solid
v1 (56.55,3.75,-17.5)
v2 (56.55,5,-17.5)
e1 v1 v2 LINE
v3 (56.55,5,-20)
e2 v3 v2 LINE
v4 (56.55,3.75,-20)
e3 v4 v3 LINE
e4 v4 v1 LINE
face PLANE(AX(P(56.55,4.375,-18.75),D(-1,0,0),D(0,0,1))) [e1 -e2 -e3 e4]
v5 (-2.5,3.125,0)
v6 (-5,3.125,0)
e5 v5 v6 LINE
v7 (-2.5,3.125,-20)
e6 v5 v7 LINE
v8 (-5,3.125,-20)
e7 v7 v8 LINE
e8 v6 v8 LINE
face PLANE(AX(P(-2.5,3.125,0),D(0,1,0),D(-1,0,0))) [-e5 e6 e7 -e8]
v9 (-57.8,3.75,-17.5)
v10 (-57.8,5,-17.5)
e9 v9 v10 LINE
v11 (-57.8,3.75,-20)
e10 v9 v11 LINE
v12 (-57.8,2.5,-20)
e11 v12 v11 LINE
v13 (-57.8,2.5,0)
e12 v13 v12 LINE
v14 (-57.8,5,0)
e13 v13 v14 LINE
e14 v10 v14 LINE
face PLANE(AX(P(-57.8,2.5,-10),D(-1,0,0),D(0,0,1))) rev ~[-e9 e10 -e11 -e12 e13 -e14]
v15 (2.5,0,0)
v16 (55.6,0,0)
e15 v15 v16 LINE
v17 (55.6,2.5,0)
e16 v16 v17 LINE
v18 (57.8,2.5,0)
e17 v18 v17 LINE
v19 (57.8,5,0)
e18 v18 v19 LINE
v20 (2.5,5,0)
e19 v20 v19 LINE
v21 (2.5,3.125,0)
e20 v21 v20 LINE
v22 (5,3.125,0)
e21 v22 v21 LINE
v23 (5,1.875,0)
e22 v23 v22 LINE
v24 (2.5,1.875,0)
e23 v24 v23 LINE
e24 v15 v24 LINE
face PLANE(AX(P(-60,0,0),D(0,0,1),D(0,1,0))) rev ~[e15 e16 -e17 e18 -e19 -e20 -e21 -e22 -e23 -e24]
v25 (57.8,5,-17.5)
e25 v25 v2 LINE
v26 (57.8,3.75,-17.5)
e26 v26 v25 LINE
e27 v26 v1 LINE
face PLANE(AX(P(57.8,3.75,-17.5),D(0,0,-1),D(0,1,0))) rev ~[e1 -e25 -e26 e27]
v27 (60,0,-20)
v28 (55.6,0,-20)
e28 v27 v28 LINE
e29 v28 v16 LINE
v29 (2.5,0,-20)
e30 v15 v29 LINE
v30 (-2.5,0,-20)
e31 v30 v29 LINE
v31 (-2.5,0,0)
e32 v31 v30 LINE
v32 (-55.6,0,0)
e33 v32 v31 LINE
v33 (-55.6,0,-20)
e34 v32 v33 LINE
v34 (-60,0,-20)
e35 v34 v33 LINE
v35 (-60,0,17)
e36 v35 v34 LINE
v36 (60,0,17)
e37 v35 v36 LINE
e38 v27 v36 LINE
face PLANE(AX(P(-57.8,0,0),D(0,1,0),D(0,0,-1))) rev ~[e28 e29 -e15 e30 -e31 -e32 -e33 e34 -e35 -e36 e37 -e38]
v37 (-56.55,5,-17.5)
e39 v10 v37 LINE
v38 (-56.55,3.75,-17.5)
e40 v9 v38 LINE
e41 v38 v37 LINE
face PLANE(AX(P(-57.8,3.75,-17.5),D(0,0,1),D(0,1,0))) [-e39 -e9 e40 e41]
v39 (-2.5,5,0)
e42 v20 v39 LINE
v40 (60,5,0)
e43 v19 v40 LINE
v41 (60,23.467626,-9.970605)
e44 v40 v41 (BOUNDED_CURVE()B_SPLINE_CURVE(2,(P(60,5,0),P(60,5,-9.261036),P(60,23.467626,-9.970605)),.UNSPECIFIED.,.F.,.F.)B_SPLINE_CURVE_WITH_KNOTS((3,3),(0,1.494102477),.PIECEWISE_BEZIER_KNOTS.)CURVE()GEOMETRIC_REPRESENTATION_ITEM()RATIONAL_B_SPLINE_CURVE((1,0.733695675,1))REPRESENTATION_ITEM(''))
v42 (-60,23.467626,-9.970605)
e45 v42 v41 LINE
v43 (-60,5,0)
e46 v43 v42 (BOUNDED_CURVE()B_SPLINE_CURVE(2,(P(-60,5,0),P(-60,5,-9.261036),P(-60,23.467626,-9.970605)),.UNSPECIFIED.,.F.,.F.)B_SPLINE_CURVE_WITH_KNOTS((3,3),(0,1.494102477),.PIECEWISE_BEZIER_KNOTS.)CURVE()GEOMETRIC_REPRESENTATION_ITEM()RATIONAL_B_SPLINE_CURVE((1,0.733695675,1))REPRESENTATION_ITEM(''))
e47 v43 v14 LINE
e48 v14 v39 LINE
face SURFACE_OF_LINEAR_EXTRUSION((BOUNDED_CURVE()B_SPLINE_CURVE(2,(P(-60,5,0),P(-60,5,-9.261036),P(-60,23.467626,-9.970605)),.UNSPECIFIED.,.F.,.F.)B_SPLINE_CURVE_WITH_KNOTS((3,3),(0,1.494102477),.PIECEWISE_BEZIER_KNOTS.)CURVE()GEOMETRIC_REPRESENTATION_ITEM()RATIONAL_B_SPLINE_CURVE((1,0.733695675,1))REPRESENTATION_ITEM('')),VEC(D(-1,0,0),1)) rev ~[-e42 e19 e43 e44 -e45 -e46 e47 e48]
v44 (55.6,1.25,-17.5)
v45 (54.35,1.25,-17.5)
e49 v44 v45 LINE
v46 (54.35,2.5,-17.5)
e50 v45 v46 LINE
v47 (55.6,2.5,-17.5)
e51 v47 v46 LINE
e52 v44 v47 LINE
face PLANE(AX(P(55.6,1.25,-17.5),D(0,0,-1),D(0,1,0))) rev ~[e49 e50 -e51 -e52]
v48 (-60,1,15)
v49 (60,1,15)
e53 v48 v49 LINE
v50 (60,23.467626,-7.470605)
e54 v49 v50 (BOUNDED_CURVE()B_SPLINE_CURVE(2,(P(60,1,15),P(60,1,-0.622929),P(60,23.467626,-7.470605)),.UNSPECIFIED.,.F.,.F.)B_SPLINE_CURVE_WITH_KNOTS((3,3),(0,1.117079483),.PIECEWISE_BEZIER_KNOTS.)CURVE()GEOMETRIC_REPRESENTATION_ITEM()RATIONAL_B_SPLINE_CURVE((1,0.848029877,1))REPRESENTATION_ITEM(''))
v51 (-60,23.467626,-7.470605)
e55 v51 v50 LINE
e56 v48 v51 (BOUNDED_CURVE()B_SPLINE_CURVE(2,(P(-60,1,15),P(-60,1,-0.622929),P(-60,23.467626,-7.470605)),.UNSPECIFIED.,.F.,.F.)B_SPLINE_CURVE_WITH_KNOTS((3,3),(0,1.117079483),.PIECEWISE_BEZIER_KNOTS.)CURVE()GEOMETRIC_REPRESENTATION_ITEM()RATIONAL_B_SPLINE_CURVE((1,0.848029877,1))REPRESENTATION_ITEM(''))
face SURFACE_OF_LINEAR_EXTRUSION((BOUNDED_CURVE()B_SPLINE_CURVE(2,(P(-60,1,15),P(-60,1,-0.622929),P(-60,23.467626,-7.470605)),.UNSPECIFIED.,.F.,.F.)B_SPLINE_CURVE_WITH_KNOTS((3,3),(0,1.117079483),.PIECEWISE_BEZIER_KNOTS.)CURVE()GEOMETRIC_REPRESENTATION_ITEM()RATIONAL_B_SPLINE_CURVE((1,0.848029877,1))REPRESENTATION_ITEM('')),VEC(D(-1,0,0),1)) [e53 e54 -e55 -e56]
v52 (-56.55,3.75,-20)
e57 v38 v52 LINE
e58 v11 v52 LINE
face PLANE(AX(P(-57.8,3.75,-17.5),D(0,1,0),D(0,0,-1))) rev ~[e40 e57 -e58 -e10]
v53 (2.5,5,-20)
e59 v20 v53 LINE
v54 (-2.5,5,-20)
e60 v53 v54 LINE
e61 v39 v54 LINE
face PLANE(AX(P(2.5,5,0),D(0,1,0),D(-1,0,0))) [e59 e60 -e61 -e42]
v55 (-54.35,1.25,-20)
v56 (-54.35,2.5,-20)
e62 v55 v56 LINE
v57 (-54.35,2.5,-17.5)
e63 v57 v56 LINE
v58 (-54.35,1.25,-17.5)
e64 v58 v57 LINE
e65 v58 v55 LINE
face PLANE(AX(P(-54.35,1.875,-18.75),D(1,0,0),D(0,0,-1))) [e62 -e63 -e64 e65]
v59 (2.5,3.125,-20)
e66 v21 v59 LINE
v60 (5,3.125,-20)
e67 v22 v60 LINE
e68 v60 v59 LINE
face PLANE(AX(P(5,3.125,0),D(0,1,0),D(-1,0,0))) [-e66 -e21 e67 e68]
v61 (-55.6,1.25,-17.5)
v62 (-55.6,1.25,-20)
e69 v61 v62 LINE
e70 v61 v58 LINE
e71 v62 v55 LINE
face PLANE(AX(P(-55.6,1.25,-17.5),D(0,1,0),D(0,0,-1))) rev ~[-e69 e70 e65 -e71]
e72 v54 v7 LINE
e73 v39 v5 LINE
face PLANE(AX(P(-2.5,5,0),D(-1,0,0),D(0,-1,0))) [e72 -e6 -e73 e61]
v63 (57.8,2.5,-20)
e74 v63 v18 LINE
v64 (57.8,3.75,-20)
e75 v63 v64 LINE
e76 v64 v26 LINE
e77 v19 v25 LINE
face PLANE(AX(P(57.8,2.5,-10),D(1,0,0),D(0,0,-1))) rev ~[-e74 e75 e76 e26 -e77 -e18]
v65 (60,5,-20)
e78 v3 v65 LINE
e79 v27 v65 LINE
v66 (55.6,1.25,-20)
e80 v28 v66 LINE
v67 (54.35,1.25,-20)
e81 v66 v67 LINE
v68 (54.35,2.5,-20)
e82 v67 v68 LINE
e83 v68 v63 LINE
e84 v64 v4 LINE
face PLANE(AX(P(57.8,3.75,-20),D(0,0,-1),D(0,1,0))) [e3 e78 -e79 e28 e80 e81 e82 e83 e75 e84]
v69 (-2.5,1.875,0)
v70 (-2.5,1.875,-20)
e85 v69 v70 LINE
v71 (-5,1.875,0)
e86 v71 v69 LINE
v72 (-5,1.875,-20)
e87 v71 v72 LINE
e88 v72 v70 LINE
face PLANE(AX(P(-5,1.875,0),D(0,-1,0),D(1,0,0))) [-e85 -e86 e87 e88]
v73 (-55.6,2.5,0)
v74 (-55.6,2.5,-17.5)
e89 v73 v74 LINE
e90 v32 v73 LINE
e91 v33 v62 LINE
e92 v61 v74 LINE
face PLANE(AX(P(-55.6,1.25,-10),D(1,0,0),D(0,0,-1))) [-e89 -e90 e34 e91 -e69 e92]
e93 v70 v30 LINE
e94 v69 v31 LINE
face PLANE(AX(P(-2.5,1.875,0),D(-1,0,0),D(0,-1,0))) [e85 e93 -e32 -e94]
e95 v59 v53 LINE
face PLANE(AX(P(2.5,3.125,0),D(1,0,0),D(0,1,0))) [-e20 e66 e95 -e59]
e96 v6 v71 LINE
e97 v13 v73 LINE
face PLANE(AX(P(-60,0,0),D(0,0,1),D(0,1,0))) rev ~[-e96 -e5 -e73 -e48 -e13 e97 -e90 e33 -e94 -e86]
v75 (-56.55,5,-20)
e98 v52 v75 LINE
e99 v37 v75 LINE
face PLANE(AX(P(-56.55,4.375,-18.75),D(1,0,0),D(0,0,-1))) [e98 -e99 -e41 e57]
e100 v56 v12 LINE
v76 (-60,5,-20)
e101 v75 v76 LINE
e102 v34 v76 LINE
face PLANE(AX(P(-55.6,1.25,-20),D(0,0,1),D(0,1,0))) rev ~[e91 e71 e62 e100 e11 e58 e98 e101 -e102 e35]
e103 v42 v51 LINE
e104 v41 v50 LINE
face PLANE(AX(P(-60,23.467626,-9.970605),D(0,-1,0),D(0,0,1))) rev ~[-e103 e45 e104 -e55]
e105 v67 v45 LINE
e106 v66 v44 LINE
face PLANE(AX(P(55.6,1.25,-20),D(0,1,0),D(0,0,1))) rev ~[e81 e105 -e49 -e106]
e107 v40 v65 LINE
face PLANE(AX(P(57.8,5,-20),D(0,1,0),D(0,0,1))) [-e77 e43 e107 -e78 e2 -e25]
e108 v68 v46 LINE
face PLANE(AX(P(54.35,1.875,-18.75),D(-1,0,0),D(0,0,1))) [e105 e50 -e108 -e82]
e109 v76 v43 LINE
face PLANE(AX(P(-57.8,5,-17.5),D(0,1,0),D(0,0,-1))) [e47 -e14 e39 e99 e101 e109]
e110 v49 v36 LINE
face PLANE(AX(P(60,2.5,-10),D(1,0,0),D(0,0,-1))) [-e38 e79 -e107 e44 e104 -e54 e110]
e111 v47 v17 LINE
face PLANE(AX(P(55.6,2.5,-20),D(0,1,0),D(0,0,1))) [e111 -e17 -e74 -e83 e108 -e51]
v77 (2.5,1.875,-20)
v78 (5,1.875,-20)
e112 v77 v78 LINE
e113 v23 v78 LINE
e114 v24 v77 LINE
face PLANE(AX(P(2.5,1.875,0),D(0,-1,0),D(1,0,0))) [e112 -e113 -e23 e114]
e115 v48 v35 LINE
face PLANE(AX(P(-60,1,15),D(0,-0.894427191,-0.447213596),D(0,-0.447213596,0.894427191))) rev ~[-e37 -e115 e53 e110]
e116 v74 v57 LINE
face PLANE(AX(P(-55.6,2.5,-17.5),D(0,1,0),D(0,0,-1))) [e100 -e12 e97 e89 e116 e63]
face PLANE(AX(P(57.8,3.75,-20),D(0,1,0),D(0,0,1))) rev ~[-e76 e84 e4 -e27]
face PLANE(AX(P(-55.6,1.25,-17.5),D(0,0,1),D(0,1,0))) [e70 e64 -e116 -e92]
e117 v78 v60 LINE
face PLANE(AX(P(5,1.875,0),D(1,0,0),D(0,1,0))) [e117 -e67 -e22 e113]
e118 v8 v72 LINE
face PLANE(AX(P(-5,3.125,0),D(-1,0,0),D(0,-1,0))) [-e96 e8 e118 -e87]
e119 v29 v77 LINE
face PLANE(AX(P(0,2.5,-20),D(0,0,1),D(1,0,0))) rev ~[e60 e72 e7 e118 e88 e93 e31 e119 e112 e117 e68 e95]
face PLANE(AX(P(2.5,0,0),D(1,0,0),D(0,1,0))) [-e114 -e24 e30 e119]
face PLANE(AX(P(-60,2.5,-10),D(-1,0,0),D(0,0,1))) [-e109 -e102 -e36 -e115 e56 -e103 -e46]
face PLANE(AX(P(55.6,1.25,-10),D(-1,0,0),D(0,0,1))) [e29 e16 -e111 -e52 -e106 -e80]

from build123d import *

# Parameters (mm, degrees)
CUCHILLA_SALIENTE_DEPTH                  = 60
CUCHILLA_SALIENTE_DEPTH_BACK             = 60
ENCAJE_CUCHILLA_LATERAL_CROQUIS_1_W      = 20
ENCAJE_CUCHILLA_LATERAL_CROQUIS_1_H      = 5
ENCAJE_CUCHILLA_LATERAL_SALIENTE_1_DEPTH = 2.2
ENCAJE_CUCHILLA_LATERAL_CROQUIS_2_W      = 20
ENCAJE_CUCHILLA_LATERAL_CROQUIS_2_H      = 2.5
ENCAJE_CUCHILLA_LATERAL_SALIENTE_2_DEPTH = 2.2
ENCAJE_CUCHILLA_LATERAL_CROQUIS_3_W      = 2.5
ENCAJE_CUCHILLA_LATERAL_CROQUIS_3_H      = 1.25
ENCAJE_CUCHILLA_LATERAL_SALIENTE_3_DEPTH = 1.25
ENCAJE_CUCHILLA_LATERAL_CROQUIS_4_W      = 2.5
ENCAJE_CUCHILLA_LATERAL_CROQUIS_4_H      = 1.25
ENCAJE_CUCHILLA_LATERAL_SALIENTE_4_DEPTH = 1.25
ENCAJE_CUCHILLA_LATERAL_CROQUIS_5_W      = 20
ENCAJE_CUCHILLA_LATERAL_CROQUIS_5_H      = 5
ENCAJE_CUCHILLA_LATERAL_SALIENTE_5_DEPTH = 2.2
ENCAJE_CUCHILLA_LATERAL_CROQUIS_6_W      = 20
ENCAJE_CUCHILLA_LATERAL_CROQUIS_6_H      = 2.5
ENCAJE_CUCHILLA_LATERAL_SALIENTE_6_DEPTH = 2.2
ENCAJE_CUCHILLA_LATERAL_CROQUIS_7_W      = 2.5
ENCAJE_CUCHILLA_LATERAL_CROQUIS_7_H      = 1.25
ENCAJE_CUCHILLA_LATERAL_SALIENTE_7_DEPTH = 1.25
ENCAJE_CUCHILLA_LATERAL_CROQUIS_8_W      = 2.5
ENCAJE_CUCHILLA_LATERAL_CROQUIS_8_H      = 1.25
ENCAJE_CUCHILLA_LATERAL_SALIENTE_8_DEPTH = 1.25
ENCAJE_CUCHILLA_CENTRAL_SALIENTE_DEPTH   = 20


with BuildPart() as part:
    # Croquis4 → Cuchilla-Saliente (new, two sides: drawn at the far end of the back side and taken through both)
    with BuildSketch(Plane(origin=(0, 0, 0), x_dir=(0, 0, -1), z_dir=(1, 0, 0)).offset(-CUCHILLA_SALIENTE_DEPTH_BACK)):
        with BuildLine():
            Line((9.97060468, 23.467626264), (7.47060468, 23.467626264))
            add(Edge.make_bspline(
                [(-15, 1), (0.62292895, 1), (7.47060468, 23.467626264)],
                knots=[0, 0, 0, 1.117079483, 1.117079483, 1.117079483], degree=2, weights=[1, 0.848029877, 1]))
            Line((-15, 1), (-17, 0))
            Line((-17, 0), (0, 0))
            Line((0, 0), (0, 5))
            add(Edge.make_bspline(
                [(0, 5), (9.261036245, 5), (9.97060468, 23.467626264)],
                knots=[0, 0, 0, 1.494102477, 1.494102477, 1.494102477], degree=2, weights=[1, 0.733695675, 1]))
        make_face()
    extrude(amount=CUCHILLA_SALIENTE_DEPTH + CUCHILLA_SALIENTE_DEPTH_BACK)

    # Encaje-Cuchilla-Lateral-Croquis-1 → Encaje-Cuchilla-Lateral-Saliente-1 (add)
    with BuildSketch(Plane(origin=(60, 0, 0), x_dir=(0, 0, -1), z_dir=(1, 0, 0))):
        with Locations((10, 2.5)):
            Rectangle(ENCAJE_CUCHILLA_LATERAL_CROQUIS_1_W, ENCAJE_CUCHILLA_LATERAL_CROQUIS_1_H)
    extrude(amount=-ENCAJE_CUCHILLA_LATERAL_SALIENTE_1_DEPTH)

    # Encaje-Cuchilla-Lateral-Croquis-2 → Encaje-Cuchilla-Lateral-Saliente-2 (add)
    with BuildSketch(Plane.ZY.offset(-57.8)):
        with Locations((-10, 1.25)):
            Rectangle(ENCAJE_CUCHILLA_LATERAL_CROQUIS_2_W, ENCAJE_CUCHILLA_LATERAL_CROQUIS_2_H)
    extrude(amount=ENCAJE_CUCHILLA_LATERAL_SALIENTE_2_DEPTH)

    # Encaje-Cuchilla-Lateral-Croquis-3 → Encaje-Cuchilla-Lateral-Saliente-3 (add)
    with BuildSketch(Plane.ZY.offset(-55.6)):
        with Locations((-18.75, 1.875)):
            Rectangle(ENCAJE_CUCHILLA_LATERAL_CROQUIS_3_W, ENCAJE_CUCHILLA_LATERAL_CROQUIS_3_H)
    extrude(amount=ENCAJE_CUCHILLA_LATERAL_SALIENTE_3_DEPTH)

    # Encaje-Cuchilla-Lateral-Croquis-4 → Encaje-Cuchilla-Lateral-Saliente-4 (add)
    with BuildSketch(Plane.ZY.offset(-57.8)):
        with Locations((-18.75, 4.375)):
            Rectangle(ENCAJE_CUCHILLA_LATERAL_CROQUIS_4_W, ENCAJE_CUCHILLA_LATERAL_CROQUIS_4_H)
    extrude(amount=ENCAJE_CUCHILLA_LATERAL_SALIENTE_4_DEPTH)



with BuildPart() as body_2:
    # Encaje-Cuchilla-Lateral-Croquis-5 → Encaje-Cuchilla-Lateral-Saliente-5 (new body)
    with BuildSketch(Plane.ZY.offset(60)):
        with Locations((-10, 2.5)):
            Rectangle(ENCAJE_CUCHILLA_LATERAL_CROQUIS_5_W, ENCAJE_CUCHILLA_LATERAL_CROQUIS_5_H)
    extrude(amount=-ENCAJE_CUCHILLA_LATERAL_SALIENTE_5_DEPTH)


with BuildPart() as part_1:
    add(part.part)

    add(body_2.part)  # Encaje-Cuchilla-Lateral-Saliente-6 merges body 2
    # Encaje-Cuchilla-Lateral-Croquis-6 → Encaje-Cuchilla-Lateral-Saliente-6 (add)
    with BuildSketch(Plane(origin=(-57.8, 0, 0), x_dir=(0, 0, -1), z_dir=(1, 0, 0))):
        with Locations((10, 1.25)):
            Rectangle(ENCAJE_CUCHILLA_LATERAL_CROQUIS_6_W, ENCAJE_CUCHILLA_LATERAL_CROQUIS_6_H)
    extrude(amount=ENCAJE_CUCHILLA_LATERAL_SALIENTE_6_DEPTH)

    # Encaje-Cuchilla-Lateral-Croquis-7 → Encaje-Cuchilla-Lateral-Saliente-7 (add)
    with BuildSketch(Plane(origin=(-57.8, 0, 0), x_dir=(0, 0, -1), z_dir=(1, 0, 0))):
        with Locations((18.75, 4.375)):
            Rectangle(ENCAJE_CUCHILLA_LATERAL_CROQUIS_7_W, ENCAJE_CUCHILLA_LATERAL_CROQUIS_7_H)
    extrude(amount=ENCAJE_CUCHILLA_LATERAL_SALIENTE_7_DEPTH)

    # Encaje-Cuchilla-Lateral-Croquis-8 → Encaje-Cuchilla-Lateral-Saliente-8 (add)
    with BuildSketch(Plane(origin=(-55.6, 0, 0), x_dir=(0, 0, -1), z_dir=(1, 0, 0))):
        with Locations((18.75, 1.875)):
            Rectangle(ENCAJE_CUCHILLA_LATERAL_CROQUIS_8_W, ENCAJE_CUCHILLA_LATERAL_CROQUIS_8_H)
    extrude(amount=ENCAJE_CUCHILLA_LATERAL_SALIENTE_8_DEPTH)

    # Encaje-Cuchilla-Central-Croquis → Encaje-Cuchilla-Central-Saliente (add)
    with BuildSketch(Plane(origin=(0, 0, 0), x_dir=(-1, 0, 0), z_dir=(0, 0, -1))):
        Polygon((2.5, 3.125), (5, 3.125), (5, 1.875), (2.5, 1.875), (2.5, 0), (-2.5, 0), (-2.5, 1.875), (-5, 1.875), (-5, 3.125), (-2.5, 3.125), (-2.5, 5), (2.5, 5), align=None)
    extrude(amount=ENCAJE_CUCHILLA_CENTRAL_SALIENTE_DEPTH)


solid = part_1.part
